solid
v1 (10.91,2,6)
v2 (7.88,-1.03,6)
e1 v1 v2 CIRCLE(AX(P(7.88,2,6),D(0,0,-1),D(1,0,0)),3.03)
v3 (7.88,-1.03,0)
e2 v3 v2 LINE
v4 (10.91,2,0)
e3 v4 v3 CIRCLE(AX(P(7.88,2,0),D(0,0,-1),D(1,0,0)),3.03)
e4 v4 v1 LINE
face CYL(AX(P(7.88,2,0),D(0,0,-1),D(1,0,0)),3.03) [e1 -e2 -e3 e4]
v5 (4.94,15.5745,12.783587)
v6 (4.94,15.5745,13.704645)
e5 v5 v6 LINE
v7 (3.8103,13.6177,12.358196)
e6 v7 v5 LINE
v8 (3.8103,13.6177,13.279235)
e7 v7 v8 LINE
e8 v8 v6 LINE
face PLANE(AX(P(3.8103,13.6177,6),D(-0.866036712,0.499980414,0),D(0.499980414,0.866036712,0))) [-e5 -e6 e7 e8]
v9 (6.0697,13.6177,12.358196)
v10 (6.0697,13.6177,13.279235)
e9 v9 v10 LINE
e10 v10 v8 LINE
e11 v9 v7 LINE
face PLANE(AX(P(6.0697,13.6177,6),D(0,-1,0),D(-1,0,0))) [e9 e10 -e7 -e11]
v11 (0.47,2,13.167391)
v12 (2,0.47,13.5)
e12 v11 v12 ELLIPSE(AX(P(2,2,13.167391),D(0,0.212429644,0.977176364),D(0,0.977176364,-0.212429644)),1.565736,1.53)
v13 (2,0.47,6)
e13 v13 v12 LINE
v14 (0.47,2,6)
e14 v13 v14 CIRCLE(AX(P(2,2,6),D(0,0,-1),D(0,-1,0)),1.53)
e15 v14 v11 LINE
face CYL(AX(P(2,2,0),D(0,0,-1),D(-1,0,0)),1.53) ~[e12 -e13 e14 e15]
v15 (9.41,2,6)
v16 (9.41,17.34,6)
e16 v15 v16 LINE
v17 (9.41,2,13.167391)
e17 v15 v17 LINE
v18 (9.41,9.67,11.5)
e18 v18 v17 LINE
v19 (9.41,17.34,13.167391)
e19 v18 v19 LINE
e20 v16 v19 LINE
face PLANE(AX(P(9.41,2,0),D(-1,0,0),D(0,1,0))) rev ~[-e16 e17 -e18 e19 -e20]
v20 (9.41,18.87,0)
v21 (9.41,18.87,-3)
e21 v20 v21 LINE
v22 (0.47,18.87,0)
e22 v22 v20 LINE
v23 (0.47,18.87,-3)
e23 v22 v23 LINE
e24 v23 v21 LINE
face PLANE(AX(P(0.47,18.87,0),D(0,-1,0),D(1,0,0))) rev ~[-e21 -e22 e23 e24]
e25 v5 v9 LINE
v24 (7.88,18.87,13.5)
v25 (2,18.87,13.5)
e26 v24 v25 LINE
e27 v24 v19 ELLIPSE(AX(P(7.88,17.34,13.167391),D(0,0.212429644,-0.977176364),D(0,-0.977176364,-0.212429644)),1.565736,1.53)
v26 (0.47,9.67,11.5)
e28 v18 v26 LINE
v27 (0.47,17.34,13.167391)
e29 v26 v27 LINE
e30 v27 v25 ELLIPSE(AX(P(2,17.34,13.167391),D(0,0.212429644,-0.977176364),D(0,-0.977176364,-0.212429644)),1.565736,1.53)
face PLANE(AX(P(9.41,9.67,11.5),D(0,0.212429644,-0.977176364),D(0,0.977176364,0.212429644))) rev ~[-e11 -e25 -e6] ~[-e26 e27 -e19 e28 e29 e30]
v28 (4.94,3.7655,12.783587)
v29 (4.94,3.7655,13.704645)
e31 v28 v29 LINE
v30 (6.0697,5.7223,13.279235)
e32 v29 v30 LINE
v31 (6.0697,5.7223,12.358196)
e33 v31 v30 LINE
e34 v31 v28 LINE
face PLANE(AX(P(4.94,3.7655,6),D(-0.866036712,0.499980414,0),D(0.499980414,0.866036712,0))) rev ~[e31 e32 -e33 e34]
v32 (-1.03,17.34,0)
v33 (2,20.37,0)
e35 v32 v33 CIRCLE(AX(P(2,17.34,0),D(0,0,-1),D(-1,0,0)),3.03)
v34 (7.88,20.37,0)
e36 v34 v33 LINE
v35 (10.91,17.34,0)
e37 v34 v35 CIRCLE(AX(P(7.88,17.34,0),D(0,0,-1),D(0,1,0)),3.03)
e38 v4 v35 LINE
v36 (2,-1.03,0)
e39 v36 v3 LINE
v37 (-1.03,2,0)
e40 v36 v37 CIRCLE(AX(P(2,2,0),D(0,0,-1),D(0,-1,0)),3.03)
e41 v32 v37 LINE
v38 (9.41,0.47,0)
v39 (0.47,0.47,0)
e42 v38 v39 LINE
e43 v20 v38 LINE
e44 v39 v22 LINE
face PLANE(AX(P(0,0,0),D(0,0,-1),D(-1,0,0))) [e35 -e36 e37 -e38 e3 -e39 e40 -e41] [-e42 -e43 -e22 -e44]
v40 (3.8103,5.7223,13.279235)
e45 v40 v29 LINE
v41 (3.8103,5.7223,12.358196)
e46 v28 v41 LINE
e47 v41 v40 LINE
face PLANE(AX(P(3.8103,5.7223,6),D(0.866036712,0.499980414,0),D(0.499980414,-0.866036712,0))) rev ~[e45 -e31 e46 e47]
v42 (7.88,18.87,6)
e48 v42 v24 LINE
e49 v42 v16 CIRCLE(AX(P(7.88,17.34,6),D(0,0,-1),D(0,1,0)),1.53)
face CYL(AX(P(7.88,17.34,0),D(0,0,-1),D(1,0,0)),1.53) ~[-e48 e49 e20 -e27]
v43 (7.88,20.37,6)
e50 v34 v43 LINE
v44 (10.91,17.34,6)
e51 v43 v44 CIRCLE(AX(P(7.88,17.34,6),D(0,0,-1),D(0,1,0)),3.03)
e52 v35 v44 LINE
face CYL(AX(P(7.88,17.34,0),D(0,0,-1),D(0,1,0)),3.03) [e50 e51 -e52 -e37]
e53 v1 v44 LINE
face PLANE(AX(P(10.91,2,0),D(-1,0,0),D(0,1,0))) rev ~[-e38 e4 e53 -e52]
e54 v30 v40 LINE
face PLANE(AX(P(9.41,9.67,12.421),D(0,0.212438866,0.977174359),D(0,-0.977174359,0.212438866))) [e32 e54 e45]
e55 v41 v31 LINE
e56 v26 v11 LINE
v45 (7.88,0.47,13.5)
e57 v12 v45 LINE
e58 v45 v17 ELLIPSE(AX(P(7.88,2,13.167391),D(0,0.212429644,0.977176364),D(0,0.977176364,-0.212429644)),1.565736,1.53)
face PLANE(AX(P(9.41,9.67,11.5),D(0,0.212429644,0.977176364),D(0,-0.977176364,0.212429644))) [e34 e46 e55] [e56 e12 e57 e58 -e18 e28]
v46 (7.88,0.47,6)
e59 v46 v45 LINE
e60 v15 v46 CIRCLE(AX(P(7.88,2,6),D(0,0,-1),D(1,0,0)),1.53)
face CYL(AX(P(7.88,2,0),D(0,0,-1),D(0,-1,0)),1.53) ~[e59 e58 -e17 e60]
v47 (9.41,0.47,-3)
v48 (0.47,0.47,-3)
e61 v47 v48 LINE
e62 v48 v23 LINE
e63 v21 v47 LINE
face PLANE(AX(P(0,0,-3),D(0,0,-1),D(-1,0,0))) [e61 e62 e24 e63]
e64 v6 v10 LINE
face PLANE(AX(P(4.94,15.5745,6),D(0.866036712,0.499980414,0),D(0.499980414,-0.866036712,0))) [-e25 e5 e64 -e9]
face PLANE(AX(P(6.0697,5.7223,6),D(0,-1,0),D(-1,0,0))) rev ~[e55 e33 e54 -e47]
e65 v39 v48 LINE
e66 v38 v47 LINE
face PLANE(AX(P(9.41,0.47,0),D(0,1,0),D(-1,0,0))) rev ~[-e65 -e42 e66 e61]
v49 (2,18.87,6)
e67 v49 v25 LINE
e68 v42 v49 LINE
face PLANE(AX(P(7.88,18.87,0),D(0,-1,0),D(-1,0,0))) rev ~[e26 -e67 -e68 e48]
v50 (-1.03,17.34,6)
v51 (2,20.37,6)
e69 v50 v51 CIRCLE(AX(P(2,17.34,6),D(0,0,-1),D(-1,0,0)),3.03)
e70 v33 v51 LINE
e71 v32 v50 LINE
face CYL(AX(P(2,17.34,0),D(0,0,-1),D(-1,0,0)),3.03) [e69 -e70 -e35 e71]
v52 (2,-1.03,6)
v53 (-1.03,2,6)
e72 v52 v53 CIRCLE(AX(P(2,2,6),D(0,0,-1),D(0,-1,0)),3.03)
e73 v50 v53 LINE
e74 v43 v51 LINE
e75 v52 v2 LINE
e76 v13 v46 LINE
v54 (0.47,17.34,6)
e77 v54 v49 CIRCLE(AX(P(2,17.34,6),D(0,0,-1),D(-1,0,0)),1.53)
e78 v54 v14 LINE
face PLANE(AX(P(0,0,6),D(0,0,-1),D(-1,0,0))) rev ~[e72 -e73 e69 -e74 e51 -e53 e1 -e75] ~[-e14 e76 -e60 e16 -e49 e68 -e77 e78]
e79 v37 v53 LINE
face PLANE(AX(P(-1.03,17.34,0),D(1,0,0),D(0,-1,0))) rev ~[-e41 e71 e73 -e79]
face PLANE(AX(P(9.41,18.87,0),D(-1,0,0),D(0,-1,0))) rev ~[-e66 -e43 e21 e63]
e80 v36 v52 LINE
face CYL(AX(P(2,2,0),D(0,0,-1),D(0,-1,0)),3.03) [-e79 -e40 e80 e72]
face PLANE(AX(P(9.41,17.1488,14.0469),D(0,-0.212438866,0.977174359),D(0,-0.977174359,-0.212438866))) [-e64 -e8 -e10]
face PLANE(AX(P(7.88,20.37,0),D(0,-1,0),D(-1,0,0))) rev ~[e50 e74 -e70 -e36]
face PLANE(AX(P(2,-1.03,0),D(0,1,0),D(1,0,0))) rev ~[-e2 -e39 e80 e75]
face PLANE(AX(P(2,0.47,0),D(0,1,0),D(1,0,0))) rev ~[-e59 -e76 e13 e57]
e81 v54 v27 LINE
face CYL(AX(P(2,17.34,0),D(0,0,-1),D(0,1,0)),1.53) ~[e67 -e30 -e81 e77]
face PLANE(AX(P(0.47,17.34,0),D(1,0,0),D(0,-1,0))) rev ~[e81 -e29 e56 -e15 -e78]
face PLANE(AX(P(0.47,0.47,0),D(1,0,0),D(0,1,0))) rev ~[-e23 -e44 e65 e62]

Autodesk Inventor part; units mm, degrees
ref_plane "YZ Plane" through (0, 0, 0) normal (1, 0, 0) x (0, 1, 0)
ref_plane "XZ Plane" through (0, 0, 0) normal (0, 1, 0) x (-1, 0, 0)
ref_plane "XY Plane" through (0, 0, 0) normal (0, 0, 1) x (1, 0, 0)
sketch "Sketch1" plane through (0, 0, 0) normal (0, 0, 1) x (1, 0, 0)
  line L0 (7.88, 0) -> (2, 0)
  arc A0 (7.88, 0) -> (9.88, 2) centre (7.88, 2) ccw
  line L1 (9.88, 17.34) -> (9.88, 2)
  arc A1 (9.88, 17.34) -> (7.88, 19.34) centre (7.88, 17.34) ccw
  line L2 (2, 19.34) -> (7.88, 19.34)
  arc A2 (2, 19.34) -> (0, 17.34) centre (2, 17.34) ccw
  line L3 (0, 2) -> (0, 17.34)
  arc A3 (0, 2) -> (2, 0) centre (2, 2) ccw
  line L4 (0.47, 17.34) -> (0.47, 2)
  arc A4 (0.47, 2) -> (2, 0.47) centre (2, 2) ccw
  line L5 (2, 0.47) -> (7.88, 0.47)
  arc A5 (7.88, 0.47) -> (9.41, 2) centre (7.88, 2) ccw
  line L6 (9.41, 2) -> (9.41, 17.34)
  arc A6 (9.41, 17.34) -> (7.88, 18.87) centre (7.88, 17.34) ccw
  line L7 (7.88, 18.87) -> (2, 18.87)
  arc A7 (2, 18.87) -> (0.47, 17.34) centre (2, 17.34) ccw
  point P0 (0, 0)
  point P1 (0, 0)
  point P2 (0, 0)
  dimension "d0" = 0.47
extrude "Extrusion1" add sketch "Sketch1" along normal blind 13.5 contours A7 L7 A6 L6 A5 L5 A4 L4
sketch "Sketch2" plane through (0, 0, 0) normal (0, 0, -1) x (-1, 0, 0)
  arc A0 (-2, 0.47) -> (-0.47, 2) centre (-2, 2) ccw projected
  line L0 (-0.47, 17.34) -> (-0.47, 2) projected
  arc A1 (-0.47, 17.34) -> (-2, 18.87) centre (-2, 17.34) ccw projected
  line L1 (-7.88, 18.87) -> (-2, 18.87) projected
  arc A2 (-7.88, 18.87) -> (-9.41, 17.34) centre (-7.88, 17.34) ccw projected
  line L2 (-9.41, 2) -> (-9.41, 17.34) projected
  arc A3 (-9.41, 2) -> (-7.88, 0.47) centre (-7.88, 2) ccw projected
  line L3 (-2, 0.47) -> (-7.88, 0.47) projected
  arc A4 (-7.88, 20.37) -> (-10.91, 17.34) centre (-7.88, 17.34) ccw
  line L4 (-7.88, 20.37) -> (-2, 20.37)
  arc A5 (1.03, 17.34) -> (-2, 20.37) centre (-2, 17.34) ccw
  line L5 (1.03, 17.34) -> (1.03, 2)
  arc A6 (-2, -1.03) -> (1.03, 2) centre (-2, 2) ccw
  line L6 (-2, -1.03) -> (-7.88, -1.03)
  arc A7 (-10.91, 2) -> (-7.88, -1.03) centre (-7.88, 2) ccw
  line L7 (-10.91, 2) -> (-10.91, 17.34)
  point P0 (0, 0)
  dimension "d3" = 1.5
extrude "Extrusion2" add sketch "Sketch2" against normal blind 6
sketch "Sketch3" plane through (9.41, 2, 13.5) normal (1, 0, 0) x (0, 0, -1)
  line L0 (0, 0) -> (0, 15.34) projected
  line L1 (0, 7.67) -> (2, 7.67) construction
  line L2 (7.5, 16.87) -> (0, 16.87) projected
  line L3 (2, 7.67) -> (0, 16.87)
  line L4 (0, 0) -> (0, -1.53) projected
  line L5 (2, 7.67) -> (0, -1.53)
  line L6 (0, 16.87) -> (0, 15.34) projected
  line L7 (0, 16.87) -> (0, -1.53)
  point P0 (13.5, -2)
  dimension "d6" = 2
extrude "Extrusion3" cut sketch "Sketch3" against normal blind 9.175
sketch "Sketch4" plane through (0, 0, 6) normal (0, 0, 1) x (1, 0, 0)
  line L0 (9.41, 9.67) -> (0.47, 9.67) projected
  arc A0 (9.41, 17.34) -> (7.88, 18.87) centre (7.88, 17.34) ccw projected
  line L1 (7.88, 18.87) -> (2, 18.87) projected
  arc A1 (2, 18.87) -> (0.47, 17.34) centre (2, 17.34) ccw projected
  line L2 (0.47, 9.67) -> (0.47, 17.34) projected
  line L3 (9.41, 9.67) -> (0.47, 9.67) projected
  line L4 (9.41, 17.34) -> (9.41, 9.67) projected
  line L5 (13.6871, 9.67) -> (13.6871, 18.87)
  line L6 (4.94, 15.5745) -> (6.0697, 13.6177)
  line L7 (6.0697, 13.6177) -> (3.8103, 13.6177)
  line L8 (3.8103, 13.6177) -> (4.94, 15.5745)
  line L9 (-3.6206, 9.67) -> (18.3642, 9.67)
  line L10 (4.94, 3.7655) -> (6.0697, 5.7223)
  line L11 (6.0697, 5.7223) -> (3.8103, 5.7223)
  line L12 (3.8103, 5.7223) -> (4.94, 3.7655)
  point P0 (0, 0)
  point P1 (4.94, 9.67)
  point P2 (13.6871, 14.27)
  point P3 (4.94, 14.27)
  point P4 (4.94, 14.27)
  point P5 (4.94, 5.07)
  point P6 (4.94, 5.07)
extrude "Extrusion4" add sketch "Sketch4" along normal blind 10.7625 contours L6 L7 L8 | L12 L11 L10
sketch "Sketch5" plane through (9.41, 2, 6) normal (1, 0, 0) x (0, 0, -1)
  line L0 (-7.1674, 15.34) -> (-5.5, 7.67) projected
  line L1 (-5.5, 7.67) -> (-7.1674, 0) projected
  line L2 (-8.0469, 15.1488) -> (-6.421, 7.67)
  line L3 (-6.421, 7.67) -> (-8.0469, 0.1912)
  line L4 (-8.0469, 15.1488) -> (-12.9814, 15.34)
  line L5 (-12.9814, 15.34) -> (-12.7678, -1.5252)
  line L6 (-12.7678, -1.5252) -> (-8.0469, 0.1912)
  point P0 (6, -2)
  dimension "d11" = 0.9
extrude "Extrusion5" cut sketch "Sketch5" against normal blind 10.7625
sketch "Sketch6" plane through (0, 0, 0) normal (0, 0, -1) x (-1, 0, 0)
  line L0 (1.03, 17.34) -> (1.03, 2) projected
  line L1 (-2, -1.03) -> (-7.88, -1.03) construction
  line L2 (-9.41, 9.67) -> (-0.47, 9.67) construction
  line L3 (-9.88, 19.34) -> (0, 19.34) construction
  line L4 (0, 19.34) -> (0, 0) construction
  line L5 (0, 0) -> (-9.88, 0) construction
  line L6 (-9.88, 0) -> (-9.88, 19.34) construction
  line L7 (-9.88, 19.34) -> (0, 0) construction
  line L8 (0, 19.34) -> (-9.88, 0) construction
  line L9 (-0.47, 18.87) -> (-9.41, 18.87)
  line L10 (-9.41, 18.87) -> (-9.41, 0.47)
  line L11 (-9.41, 0.47) -> (-0.47, 0.47)
  line L12 (-0.47, 0.47) -> (-0.47, 18.87)
  point P0 (1.03, 9.67)
  point P1 (-4.94, -1.03)
  point P2 (-4.94, 9.67)
  dimension "d14" = 9.88
  dimension "d15" = 19.34
  dimension "d16" = 0.47
extrude "Extrusion6" add sketch "Sketch6" along normal blind 3
properties part number "IPC dumb rocker switch"
